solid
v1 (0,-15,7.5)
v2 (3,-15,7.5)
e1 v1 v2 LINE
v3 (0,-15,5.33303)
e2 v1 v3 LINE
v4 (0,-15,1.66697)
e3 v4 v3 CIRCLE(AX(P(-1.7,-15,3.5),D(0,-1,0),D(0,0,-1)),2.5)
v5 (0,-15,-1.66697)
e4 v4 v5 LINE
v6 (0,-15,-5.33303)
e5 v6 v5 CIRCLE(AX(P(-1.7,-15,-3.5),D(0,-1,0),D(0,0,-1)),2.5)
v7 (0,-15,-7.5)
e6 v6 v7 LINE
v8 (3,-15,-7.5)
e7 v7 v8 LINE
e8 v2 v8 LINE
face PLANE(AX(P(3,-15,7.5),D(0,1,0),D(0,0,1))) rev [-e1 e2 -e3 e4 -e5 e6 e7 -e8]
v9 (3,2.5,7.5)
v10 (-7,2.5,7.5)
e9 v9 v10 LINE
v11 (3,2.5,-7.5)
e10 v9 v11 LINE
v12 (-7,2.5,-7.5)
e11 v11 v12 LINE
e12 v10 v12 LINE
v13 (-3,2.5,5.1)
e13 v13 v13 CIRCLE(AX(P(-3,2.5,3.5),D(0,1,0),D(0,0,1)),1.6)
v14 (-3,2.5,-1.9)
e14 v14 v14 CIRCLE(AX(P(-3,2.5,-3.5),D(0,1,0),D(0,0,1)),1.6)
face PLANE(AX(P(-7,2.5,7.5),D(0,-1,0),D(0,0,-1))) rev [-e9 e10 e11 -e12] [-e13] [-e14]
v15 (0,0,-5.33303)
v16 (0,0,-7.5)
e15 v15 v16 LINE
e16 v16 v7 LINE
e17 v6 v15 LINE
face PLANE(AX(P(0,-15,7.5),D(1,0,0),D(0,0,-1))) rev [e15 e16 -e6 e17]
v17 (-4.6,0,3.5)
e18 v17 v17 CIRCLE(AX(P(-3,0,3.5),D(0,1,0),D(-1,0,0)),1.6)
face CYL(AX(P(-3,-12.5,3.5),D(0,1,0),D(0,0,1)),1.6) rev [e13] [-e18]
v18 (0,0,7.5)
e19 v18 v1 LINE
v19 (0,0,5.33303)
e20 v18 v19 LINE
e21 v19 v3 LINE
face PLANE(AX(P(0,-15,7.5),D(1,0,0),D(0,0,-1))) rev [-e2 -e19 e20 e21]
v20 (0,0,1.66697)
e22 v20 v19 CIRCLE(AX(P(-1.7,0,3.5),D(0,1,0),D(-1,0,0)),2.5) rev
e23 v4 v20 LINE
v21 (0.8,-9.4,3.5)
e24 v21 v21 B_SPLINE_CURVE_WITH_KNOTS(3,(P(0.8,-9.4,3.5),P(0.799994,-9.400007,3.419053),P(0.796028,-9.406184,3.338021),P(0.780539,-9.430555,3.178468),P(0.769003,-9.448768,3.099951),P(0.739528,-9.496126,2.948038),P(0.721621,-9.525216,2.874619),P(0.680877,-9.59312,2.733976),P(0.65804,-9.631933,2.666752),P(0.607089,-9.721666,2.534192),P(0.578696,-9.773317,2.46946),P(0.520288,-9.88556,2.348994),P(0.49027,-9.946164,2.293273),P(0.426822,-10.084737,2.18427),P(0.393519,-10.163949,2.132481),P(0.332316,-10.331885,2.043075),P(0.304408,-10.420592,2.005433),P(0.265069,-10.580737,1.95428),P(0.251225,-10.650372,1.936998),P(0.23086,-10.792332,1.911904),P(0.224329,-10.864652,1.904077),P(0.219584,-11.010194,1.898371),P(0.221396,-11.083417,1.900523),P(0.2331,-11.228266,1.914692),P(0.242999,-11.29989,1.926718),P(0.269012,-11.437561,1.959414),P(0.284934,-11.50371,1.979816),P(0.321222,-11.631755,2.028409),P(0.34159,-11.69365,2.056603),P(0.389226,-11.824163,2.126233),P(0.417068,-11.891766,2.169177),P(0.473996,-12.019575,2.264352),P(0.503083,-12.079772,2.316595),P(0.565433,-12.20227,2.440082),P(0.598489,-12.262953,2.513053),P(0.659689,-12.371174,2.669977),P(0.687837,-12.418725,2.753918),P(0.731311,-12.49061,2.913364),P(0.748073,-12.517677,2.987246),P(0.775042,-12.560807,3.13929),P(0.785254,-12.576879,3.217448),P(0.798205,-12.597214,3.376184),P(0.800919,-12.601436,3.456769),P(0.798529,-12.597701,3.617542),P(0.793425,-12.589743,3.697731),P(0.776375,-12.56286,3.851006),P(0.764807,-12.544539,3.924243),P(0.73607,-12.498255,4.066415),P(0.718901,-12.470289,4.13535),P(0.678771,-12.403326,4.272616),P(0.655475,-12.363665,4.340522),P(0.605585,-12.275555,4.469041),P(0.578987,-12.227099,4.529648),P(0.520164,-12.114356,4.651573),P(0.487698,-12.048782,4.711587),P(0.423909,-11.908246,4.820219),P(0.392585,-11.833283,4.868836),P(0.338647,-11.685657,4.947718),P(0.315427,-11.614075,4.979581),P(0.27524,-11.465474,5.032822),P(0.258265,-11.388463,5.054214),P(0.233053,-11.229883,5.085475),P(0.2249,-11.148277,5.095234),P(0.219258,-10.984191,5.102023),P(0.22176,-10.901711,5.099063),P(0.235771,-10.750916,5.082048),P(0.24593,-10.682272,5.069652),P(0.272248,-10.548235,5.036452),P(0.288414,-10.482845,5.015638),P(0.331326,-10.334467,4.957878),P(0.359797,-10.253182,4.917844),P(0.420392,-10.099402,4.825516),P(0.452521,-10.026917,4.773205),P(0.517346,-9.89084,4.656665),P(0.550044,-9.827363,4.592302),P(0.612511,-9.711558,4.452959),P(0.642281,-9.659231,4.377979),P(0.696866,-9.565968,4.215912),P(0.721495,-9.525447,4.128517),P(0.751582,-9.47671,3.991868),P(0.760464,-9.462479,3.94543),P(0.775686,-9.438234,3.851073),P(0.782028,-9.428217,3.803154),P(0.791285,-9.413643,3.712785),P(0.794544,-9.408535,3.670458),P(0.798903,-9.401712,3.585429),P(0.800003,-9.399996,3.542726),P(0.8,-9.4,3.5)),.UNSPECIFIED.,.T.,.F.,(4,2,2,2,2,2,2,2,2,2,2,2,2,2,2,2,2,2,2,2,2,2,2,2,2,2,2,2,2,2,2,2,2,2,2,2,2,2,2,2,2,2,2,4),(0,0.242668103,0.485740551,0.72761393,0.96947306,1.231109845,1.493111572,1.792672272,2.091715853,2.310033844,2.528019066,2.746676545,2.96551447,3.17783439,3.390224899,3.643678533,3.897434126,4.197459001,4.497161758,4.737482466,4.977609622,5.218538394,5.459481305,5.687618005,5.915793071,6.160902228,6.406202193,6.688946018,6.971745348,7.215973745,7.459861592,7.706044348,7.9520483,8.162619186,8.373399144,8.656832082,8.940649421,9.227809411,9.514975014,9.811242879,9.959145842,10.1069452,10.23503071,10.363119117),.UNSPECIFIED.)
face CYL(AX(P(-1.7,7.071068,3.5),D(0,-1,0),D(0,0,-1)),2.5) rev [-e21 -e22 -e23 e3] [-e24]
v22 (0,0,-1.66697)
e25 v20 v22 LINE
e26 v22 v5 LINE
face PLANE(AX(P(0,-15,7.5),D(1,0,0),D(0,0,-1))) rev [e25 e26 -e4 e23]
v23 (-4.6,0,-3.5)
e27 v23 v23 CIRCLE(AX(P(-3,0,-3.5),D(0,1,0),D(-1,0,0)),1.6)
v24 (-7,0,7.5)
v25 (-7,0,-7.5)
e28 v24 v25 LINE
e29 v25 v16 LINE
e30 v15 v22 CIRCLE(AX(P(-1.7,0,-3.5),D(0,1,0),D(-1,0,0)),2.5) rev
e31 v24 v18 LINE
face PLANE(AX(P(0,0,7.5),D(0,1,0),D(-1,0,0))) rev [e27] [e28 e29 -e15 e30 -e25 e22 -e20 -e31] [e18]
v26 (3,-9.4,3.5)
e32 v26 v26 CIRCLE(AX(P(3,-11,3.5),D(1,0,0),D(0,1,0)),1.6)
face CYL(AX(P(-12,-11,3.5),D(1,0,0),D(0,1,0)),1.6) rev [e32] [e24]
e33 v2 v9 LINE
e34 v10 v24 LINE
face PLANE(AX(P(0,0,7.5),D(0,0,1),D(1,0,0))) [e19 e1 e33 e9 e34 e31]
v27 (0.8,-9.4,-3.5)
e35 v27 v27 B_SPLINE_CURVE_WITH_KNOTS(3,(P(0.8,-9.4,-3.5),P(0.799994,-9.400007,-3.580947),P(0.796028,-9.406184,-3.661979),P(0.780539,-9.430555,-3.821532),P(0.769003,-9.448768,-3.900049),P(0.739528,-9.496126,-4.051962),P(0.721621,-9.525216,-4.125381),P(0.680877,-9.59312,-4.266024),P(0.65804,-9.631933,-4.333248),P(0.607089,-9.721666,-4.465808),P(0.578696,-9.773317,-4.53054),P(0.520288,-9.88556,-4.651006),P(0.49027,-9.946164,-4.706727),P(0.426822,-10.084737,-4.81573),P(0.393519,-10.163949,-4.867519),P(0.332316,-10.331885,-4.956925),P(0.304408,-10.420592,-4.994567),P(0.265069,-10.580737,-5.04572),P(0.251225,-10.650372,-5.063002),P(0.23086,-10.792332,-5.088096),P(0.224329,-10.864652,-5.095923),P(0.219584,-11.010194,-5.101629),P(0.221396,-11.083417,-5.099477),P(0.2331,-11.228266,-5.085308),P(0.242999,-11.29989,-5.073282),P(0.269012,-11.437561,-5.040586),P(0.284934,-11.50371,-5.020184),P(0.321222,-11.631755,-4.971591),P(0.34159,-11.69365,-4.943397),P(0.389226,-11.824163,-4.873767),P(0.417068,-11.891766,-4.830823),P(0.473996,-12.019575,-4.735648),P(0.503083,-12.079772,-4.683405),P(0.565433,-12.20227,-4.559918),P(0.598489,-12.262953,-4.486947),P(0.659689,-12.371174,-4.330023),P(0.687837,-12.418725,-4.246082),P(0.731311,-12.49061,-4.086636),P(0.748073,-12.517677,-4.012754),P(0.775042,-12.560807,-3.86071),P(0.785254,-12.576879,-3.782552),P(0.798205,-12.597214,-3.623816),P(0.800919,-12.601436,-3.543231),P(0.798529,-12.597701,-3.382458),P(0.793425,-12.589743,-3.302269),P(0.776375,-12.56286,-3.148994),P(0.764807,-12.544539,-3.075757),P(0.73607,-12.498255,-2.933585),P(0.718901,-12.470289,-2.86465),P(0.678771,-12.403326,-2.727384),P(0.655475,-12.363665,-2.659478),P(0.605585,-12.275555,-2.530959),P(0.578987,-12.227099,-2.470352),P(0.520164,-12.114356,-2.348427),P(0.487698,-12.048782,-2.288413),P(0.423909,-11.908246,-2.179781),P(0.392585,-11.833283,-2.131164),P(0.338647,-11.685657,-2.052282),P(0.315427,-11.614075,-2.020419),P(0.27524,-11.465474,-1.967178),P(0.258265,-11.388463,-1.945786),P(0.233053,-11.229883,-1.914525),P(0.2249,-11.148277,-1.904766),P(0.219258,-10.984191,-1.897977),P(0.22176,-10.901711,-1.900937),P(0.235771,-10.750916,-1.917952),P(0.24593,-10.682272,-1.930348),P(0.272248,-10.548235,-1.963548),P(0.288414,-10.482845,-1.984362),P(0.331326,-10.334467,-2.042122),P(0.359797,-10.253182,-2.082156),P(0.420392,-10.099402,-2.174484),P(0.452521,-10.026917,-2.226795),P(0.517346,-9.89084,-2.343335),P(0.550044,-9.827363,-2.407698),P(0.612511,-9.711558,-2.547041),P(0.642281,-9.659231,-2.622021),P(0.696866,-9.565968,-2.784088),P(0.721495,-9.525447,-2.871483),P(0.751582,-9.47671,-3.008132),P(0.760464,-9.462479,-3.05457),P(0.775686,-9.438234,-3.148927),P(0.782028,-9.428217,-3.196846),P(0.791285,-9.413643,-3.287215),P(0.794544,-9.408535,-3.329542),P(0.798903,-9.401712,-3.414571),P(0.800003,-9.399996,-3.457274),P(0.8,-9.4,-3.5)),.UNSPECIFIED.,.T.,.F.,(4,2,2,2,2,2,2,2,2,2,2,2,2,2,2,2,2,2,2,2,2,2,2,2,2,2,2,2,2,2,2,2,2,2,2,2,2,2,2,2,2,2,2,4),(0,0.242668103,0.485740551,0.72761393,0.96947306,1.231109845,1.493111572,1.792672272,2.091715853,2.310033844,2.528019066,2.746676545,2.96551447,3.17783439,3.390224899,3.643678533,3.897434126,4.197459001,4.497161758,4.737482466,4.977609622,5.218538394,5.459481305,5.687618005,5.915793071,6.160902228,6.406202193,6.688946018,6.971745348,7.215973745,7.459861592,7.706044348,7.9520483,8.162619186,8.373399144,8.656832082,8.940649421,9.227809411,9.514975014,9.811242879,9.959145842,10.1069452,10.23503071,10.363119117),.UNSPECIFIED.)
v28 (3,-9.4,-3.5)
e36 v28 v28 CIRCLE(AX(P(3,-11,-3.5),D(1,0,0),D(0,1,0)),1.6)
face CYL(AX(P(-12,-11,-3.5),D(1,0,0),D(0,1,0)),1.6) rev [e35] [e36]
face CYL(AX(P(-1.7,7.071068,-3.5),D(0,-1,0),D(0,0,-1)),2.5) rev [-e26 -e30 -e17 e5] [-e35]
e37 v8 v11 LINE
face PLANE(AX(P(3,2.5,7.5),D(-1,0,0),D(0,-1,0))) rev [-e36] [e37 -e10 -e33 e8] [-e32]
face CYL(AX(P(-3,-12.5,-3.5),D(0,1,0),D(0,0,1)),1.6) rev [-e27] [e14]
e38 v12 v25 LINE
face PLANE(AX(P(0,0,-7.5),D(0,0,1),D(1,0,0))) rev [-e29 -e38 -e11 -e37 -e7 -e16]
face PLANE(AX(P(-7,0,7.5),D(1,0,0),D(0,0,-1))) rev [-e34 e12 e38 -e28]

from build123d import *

# Parameters (mm, degrees)
BOSS_EXTRUDE1_DEPTH = 7.5
SKETCH2_R           = 1.6
CUT_EXTRUDE1_DEPTH  = 15
SKETCH3_R           = 1.6
CUT_EXTRUDE2_DEPTH  = 15
SKETCH4_R           = 2.5
CUT_EXTRUDE3_DEPTH  = 15


with BuildPart() as part:
    # Sketch1 → Boss-Extrude1 (new, symmetric)
    with BuildSketch(Plane.XY):
        Polygon((0, 0), (-7, 0), (-7, 2.5), (3, 2.5), (3, -15), (0, -15), align=None)
    extrude(amount=BOSS_EXTRUDE1_DEPTH, both=True)

    # Sketch2 → Cut-Extrude1 (cut)
    with BuildSketch(Plane(origin=(0, 2.5, 0), x_dir=(1, 0, 0), z_dir=(0, 1, 0))):
        with Locations(Location((-3, 3.5, 0), (0, 0, 270))):
            Circle(SKETCH2_R)
        with Locations(Location((-3, -3.5, 0), (0, 0, 270))):
            Circle(SKETCH2_R)
    extrude(amount=-CUT_EXTRUDE1_DEPTH, mode=Mode.SUBTRACT)

    # Sketch3 → Cut-Extrude2 (cut)
    with BuildSketch(Plane(origin=(3, 0, 0), x_dir=(0, 0, -1), z_dir=(1, 0, 0))):
        with Locations(Location((3.5, -11, 0), (0, 0, 90))):
            Circle(SKETCH3_R)
        with Locations(Location((-3.5, -11, 0), (0, 0, 90))):
            Circle(SKETCH3_R)
    extrude(amount=-CUT_EXTRUDE2_DEPTH, mode=Mode.SUBTRACT)

    # Sketch4 → Cut-Extrude3 (cut)
    with BuildSketch(Plane.XZ.offset(15)):
        with Locations((-1.7, 3.5)):
            Circle(SKETCH4_R)
        with Locations((-1.7, -3.5)):
            Circle(SKETCH4_R)
    extrude(amount=-CUT_EXTRUDE3_DEPTH, mode=Mode.SUBTRACT)


solid = part.part
